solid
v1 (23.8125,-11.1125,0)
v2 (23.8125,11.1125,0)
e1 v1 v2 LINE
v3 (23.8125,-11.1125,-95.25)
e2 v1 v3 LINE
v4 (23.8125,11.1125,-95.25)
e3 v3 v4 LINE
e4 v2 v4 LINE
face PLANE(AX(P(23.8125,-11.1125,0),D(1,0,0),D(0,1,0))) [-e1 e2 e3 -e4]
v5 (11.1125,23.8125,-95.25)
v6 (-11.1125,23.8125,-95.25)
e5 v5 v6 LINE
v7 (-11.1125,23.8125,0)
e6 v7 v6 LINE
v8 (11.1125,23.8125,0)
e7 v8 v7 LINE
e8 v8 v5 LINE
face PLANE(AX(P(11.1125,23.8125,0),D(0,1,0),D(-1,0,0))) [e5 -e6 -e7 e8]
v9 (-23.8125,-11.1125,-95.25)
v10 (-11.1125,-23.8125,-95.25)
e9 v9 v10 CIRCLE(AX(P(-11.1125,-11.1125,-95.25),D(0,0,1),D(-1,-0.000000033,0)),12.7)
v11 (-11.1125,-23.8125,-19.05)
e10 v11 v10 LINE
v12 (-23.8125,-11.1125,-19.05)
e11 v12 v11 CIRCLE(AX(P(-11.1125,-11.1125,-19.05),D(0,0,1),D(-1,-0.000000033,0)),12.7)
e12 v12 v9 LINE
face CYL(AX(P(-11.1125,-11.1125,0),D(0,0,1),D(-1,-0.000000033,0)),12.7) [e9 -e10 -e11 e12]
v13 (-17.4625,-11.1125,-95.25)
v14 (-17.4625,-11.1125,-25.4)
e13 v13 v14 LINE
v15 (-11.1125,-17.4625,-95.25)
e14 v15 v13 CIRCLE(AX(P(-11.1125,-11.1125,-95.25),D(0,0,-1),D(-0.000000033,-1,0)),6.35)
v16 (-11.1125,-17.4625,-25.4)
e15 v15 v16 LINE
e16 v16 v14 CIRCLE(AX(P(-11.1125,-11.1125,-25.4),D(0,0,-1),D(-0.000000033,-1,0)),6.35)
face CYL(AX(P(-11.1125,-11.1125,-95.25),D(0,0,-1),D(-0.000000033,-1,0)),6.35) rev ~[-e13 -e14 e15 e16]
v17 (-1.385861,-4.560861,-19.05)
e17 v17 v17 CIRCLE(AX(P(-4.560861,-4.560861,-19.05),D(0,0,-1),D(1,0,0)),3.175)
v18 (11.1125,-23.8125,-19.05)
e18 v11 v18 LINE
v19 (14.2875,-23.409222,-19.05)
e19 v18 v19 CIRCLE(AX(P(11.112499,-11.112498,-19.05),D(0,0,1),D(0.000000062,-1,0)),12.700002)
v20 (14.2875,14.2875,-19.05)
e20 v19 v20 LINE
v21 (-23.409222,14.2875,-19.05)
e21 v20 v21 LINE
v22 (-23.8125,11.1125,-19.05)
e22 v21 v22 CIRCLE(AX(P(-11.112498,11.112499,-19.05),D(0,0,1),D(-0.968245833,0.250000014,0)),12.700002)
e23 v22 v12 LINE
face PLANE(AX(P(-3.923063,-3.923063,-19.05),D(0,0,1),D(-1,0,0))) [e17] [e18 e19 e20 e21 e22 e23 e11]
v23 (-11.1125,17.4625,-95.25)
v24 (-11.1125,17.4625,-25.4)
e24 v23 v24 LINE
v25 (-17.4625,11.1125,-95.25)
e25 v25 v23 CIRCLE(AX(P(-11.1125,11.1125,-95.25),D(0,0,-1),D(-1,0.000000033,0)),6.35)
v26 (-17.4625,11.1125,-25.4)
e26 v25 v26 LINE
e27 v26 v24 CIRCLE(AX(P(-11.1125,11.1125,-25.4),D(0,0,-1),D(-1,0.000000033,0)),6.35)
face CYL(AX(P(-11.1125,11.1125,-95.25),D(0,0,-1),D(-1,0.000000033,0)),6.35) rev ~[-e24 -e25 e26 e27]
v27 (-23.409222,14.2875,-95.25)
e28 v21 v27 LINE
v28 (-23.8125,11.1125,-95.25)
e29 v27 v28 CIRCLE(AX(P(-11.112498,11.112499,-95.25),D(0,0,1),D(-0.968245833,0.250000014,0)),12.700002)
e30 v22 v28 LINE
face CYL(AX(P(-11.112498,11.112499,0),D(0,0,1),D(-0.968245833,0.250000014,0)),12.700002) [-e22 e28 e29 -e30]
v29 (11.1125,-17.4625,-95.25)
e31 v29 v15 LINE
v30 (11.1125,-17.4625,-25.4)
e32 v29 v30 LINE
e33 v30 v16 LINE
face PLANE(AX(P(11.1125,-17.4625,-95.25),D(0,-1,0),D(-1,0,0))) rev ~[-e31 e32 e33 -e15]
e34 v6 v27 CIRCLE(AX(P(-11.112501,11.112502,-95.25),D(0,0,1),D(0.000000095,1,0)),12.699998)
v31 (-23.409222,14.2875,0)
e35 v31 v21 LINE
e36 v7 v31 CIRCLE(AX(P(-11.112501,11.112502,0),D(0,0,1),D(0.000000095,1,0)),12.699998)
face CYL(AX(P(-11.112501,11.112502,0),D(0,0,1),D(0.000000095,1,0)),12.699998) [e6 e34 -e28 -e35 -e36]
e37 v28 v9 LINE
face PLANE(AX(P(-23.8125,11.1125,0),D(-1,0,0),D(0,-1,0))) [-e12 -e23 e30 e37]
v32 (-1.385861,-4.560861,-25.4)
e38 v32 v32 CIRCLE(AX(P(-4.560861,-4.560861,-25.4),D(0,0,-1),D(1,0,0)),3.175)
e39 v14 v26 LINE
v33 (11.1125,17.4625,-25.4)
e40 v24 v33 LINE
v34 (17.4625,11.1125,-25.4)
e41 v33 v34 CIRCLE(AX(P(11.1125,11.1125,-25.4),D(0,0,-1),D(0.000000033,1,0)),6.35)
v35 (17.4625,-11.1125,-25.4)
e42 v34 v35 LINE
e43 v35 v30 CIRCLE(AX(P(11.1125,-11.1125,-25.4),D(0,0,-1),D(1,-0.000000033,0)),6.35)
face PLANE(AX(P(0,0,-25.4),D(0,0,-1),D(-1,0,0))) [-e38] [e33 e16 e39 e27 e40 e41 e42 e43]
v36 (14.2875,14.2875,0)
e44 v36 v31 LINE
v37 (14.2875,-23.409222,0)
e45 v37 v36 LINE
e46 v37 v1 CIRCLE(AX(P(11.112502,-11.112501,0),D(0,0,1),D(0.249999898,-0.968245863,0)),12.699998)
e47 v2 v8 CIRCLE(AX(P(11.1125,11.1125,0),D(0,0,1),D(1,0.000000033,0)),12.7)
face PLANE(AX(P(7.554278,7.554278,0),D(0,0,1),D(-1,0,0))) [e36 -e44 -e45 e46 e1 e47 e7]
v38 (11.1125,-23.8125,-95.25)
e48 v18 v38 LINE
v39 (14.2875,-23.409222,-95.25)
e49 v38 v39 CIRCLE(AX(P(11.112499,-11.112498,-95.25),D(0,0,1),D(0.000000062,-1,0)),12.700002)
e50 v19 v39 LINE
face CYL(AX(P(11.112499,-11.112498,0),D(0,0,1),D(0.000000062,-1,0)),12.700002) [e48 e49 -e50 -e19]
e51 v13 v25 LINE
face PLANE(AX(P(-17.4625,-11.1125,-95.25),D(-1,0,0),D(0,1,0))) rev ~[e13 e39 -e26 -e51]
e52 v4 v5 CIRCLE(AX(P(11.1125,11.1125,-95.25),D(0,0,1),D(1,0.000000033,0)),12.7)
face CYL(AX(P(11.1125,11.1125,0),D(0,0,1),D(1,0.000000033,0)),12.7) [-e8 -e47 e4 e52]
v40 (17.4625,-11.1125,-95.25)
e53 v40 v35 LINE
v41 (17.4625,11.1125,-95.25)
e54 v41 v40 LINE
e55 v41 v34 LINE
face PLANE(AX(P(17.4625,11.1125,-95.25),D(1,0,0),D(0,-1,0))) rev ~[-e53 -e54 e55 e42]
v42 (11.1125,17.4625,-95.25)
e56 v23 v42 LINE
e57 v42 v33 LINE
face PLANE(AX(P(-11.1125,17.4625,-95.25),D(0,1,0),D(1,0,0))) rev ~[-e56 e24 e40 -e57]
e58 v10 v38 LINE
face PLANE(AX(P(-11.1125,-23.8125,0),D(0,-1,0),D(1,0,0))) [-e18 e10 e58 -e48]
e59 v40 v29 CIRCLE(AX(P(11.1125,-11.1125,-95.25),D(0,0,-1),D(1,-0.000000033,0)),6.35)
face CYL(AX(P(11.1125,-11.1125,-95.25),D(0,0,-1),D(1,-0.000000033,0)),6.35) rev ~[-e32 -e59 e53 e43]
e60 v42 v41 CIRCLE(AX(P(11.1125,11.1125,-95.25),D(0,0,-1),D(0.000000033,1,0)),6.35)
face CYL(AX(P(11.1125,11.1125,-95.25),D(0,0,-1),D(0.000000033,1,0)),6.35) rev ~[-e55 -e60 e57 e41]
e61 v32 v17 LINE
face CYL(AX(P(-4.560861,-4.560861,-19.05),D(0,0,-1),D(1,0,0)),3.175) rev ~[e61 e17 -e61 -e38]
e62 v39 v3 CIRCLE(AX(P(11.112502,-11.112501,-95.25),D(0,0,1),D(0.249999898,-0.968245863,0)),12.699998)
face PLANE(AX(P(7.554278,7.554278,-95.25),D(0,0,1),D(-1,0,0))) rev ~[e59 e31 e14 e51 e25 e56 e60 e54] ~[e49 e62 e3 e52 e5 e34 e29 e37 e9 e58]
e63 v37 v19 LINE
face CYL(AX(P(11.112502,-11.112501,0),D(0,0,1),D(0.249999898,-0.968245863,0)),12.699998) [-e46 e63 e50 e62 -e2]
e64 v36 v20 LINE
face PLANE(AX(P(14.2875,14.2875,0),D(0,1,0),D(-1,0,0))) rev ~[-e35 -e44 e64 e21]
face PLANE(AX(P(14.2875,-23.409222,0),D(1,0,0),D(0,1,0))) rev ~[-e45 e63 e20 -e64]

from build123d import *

# Parameters (mm, degrees)
F1_DEPTH       = 95.25
F2_DEPTH       = 19.05
F5_DEPTH       = 69.85
F7_D           = 6.35
F7_DEPTH       = 25.4
F7_CBORE_D     = 6.35
F7_CBORE_DEPTH = 6.35
F9_ANGLE       = 180


with BuildPart() as f1:
    # F0 (on Top) → F1 (new body)
    with BuildSketch(Plane.XY):
        with BuildLine():
            Line((-14.2875, -14.2875), (-14.2875, 23.409222))
            ThreePointArc((-14.2875, 23.409222), (-21.152732, 18.88963), (-23.8125, 11.1125))
            Line((-23.8125, 11.1125), (-23.8125, -11.1125))
            ThreePointArc((-23.8125, -11.1125), (-20.092756, -20.092756), (-11.1125, -23.8125))
            Line((-11.1125, -23.8125), (11.1125, -23.8125))
            ThreePointArc((11.1125, -23.8125), (18.88963, -21.152732), (23.409222, -14.2875))
            Line((23.409222, -14.2875), (-14.2875, -14.2875))
        make_face()
        with BuildLine():
            Line((11.1125, 23.8125), (-11.1125, 23.8125))
            ThreePointArc((-11.1125, 23.8125), (-12.712755, 23.711277), (-14.2875, 23.409222))
            Line((-14.2875, 23.409222), (-14.2875, -14.2875))
            Line((-14.2875, -14.2875), (23.409222, -14.2875))
            ThreePointArc((23.409222, -14.2875), (23.711277, -12.712755), (23.8125, -11.1125))
            Line((23.8125, -11.1125), (23.8125, 11.1125))
            ThreePointArc((23.8125, 11.1125), (20.092756, 20.092756), (11.1125, 23.8125))
        make_face()
    extrude(amount=-F1_DEPTH)

    # F0 (on Top) → F2 (cut)
    with BuildSketch(Plane.XY):
        with BuildLine():
            Line((11.1125, 23.8125), (-11.1125, 23.8125))
            ThreePointArc((-11.1125, 23.8125), (-12.712755, 23.711277), (-14.2875, 23.409222))
            Line((-14.2875, 23.409222), (-14.2875, -14.2875))
            Line((-14.2875, -14.2875), (23.409222, -14.2875))
            ThreePointArc((23.409222, -14.2875), (23.711277, -12.712755), (23.8125, -11.1125))
            Line((23.8125, -11.1125), (23.8125, 11.1125))
            ThreePointArc((23.8125, 11.1125), (20.092756, 20.092756), (11.1125, 23.8125))
        make_face()
    extrude(amount=-F2_DEPTH, mode=Mode.SUBTRACT)

    # F3 (on face) → F5 (cut, through all)
    with BuildSketch(Plane(origin=(0, 0, -95.25), x_dir=(1, 0, 0), z_dir=(0, 0, -1))):
        with BuildLine():
            Line((17.4625, -11.1125), (17.4625, 11.1125))
            ThreePointArc((17.4625, 11.1125), (15.602628, 15.602628), (11.1125, 17.4625))
            Line((11.1125, 17.4625), (-11.1125, 17.4625))
            ThreePointArc((-11.1125, 17.4625), (-15.602628, 15.602628), (-17.4625, 11.1125))
            Line((-17.4625, 11.1125), (-17.4625, -11.1125))
            ThreePointArc((-17.4625, -11.1125), (-15.602628, -15.602628), (-11.1125, -17.4625))
            Line((-11.1125, -17.4625), (11.1125, -17.4625))
            ThreePointArc((11.1125, -17.4625), (15.602628, -15.602628), (17.4625, -11.1125))
        make_face()
    extrude(amount=-F5_DEPTH, mode=Mode.SUBTRACT)

    # F7
    with Locations(Plane.XY.offset(-19.05)):
        with Locations((4.560861, 4.560861)):
            CounterBoreHole(F7_D / 2, F7_CBORE_D / 2, F7_CBORE_DEPTH, depth=F7_DEPTH)


with BuildPart() as f1_1:
    # F9: moved
    add(f1.part.rotate(Axis((0, 0, 6.654953), (0, 0, 1)), F9_ANGLE))


solid = f1_1.part
